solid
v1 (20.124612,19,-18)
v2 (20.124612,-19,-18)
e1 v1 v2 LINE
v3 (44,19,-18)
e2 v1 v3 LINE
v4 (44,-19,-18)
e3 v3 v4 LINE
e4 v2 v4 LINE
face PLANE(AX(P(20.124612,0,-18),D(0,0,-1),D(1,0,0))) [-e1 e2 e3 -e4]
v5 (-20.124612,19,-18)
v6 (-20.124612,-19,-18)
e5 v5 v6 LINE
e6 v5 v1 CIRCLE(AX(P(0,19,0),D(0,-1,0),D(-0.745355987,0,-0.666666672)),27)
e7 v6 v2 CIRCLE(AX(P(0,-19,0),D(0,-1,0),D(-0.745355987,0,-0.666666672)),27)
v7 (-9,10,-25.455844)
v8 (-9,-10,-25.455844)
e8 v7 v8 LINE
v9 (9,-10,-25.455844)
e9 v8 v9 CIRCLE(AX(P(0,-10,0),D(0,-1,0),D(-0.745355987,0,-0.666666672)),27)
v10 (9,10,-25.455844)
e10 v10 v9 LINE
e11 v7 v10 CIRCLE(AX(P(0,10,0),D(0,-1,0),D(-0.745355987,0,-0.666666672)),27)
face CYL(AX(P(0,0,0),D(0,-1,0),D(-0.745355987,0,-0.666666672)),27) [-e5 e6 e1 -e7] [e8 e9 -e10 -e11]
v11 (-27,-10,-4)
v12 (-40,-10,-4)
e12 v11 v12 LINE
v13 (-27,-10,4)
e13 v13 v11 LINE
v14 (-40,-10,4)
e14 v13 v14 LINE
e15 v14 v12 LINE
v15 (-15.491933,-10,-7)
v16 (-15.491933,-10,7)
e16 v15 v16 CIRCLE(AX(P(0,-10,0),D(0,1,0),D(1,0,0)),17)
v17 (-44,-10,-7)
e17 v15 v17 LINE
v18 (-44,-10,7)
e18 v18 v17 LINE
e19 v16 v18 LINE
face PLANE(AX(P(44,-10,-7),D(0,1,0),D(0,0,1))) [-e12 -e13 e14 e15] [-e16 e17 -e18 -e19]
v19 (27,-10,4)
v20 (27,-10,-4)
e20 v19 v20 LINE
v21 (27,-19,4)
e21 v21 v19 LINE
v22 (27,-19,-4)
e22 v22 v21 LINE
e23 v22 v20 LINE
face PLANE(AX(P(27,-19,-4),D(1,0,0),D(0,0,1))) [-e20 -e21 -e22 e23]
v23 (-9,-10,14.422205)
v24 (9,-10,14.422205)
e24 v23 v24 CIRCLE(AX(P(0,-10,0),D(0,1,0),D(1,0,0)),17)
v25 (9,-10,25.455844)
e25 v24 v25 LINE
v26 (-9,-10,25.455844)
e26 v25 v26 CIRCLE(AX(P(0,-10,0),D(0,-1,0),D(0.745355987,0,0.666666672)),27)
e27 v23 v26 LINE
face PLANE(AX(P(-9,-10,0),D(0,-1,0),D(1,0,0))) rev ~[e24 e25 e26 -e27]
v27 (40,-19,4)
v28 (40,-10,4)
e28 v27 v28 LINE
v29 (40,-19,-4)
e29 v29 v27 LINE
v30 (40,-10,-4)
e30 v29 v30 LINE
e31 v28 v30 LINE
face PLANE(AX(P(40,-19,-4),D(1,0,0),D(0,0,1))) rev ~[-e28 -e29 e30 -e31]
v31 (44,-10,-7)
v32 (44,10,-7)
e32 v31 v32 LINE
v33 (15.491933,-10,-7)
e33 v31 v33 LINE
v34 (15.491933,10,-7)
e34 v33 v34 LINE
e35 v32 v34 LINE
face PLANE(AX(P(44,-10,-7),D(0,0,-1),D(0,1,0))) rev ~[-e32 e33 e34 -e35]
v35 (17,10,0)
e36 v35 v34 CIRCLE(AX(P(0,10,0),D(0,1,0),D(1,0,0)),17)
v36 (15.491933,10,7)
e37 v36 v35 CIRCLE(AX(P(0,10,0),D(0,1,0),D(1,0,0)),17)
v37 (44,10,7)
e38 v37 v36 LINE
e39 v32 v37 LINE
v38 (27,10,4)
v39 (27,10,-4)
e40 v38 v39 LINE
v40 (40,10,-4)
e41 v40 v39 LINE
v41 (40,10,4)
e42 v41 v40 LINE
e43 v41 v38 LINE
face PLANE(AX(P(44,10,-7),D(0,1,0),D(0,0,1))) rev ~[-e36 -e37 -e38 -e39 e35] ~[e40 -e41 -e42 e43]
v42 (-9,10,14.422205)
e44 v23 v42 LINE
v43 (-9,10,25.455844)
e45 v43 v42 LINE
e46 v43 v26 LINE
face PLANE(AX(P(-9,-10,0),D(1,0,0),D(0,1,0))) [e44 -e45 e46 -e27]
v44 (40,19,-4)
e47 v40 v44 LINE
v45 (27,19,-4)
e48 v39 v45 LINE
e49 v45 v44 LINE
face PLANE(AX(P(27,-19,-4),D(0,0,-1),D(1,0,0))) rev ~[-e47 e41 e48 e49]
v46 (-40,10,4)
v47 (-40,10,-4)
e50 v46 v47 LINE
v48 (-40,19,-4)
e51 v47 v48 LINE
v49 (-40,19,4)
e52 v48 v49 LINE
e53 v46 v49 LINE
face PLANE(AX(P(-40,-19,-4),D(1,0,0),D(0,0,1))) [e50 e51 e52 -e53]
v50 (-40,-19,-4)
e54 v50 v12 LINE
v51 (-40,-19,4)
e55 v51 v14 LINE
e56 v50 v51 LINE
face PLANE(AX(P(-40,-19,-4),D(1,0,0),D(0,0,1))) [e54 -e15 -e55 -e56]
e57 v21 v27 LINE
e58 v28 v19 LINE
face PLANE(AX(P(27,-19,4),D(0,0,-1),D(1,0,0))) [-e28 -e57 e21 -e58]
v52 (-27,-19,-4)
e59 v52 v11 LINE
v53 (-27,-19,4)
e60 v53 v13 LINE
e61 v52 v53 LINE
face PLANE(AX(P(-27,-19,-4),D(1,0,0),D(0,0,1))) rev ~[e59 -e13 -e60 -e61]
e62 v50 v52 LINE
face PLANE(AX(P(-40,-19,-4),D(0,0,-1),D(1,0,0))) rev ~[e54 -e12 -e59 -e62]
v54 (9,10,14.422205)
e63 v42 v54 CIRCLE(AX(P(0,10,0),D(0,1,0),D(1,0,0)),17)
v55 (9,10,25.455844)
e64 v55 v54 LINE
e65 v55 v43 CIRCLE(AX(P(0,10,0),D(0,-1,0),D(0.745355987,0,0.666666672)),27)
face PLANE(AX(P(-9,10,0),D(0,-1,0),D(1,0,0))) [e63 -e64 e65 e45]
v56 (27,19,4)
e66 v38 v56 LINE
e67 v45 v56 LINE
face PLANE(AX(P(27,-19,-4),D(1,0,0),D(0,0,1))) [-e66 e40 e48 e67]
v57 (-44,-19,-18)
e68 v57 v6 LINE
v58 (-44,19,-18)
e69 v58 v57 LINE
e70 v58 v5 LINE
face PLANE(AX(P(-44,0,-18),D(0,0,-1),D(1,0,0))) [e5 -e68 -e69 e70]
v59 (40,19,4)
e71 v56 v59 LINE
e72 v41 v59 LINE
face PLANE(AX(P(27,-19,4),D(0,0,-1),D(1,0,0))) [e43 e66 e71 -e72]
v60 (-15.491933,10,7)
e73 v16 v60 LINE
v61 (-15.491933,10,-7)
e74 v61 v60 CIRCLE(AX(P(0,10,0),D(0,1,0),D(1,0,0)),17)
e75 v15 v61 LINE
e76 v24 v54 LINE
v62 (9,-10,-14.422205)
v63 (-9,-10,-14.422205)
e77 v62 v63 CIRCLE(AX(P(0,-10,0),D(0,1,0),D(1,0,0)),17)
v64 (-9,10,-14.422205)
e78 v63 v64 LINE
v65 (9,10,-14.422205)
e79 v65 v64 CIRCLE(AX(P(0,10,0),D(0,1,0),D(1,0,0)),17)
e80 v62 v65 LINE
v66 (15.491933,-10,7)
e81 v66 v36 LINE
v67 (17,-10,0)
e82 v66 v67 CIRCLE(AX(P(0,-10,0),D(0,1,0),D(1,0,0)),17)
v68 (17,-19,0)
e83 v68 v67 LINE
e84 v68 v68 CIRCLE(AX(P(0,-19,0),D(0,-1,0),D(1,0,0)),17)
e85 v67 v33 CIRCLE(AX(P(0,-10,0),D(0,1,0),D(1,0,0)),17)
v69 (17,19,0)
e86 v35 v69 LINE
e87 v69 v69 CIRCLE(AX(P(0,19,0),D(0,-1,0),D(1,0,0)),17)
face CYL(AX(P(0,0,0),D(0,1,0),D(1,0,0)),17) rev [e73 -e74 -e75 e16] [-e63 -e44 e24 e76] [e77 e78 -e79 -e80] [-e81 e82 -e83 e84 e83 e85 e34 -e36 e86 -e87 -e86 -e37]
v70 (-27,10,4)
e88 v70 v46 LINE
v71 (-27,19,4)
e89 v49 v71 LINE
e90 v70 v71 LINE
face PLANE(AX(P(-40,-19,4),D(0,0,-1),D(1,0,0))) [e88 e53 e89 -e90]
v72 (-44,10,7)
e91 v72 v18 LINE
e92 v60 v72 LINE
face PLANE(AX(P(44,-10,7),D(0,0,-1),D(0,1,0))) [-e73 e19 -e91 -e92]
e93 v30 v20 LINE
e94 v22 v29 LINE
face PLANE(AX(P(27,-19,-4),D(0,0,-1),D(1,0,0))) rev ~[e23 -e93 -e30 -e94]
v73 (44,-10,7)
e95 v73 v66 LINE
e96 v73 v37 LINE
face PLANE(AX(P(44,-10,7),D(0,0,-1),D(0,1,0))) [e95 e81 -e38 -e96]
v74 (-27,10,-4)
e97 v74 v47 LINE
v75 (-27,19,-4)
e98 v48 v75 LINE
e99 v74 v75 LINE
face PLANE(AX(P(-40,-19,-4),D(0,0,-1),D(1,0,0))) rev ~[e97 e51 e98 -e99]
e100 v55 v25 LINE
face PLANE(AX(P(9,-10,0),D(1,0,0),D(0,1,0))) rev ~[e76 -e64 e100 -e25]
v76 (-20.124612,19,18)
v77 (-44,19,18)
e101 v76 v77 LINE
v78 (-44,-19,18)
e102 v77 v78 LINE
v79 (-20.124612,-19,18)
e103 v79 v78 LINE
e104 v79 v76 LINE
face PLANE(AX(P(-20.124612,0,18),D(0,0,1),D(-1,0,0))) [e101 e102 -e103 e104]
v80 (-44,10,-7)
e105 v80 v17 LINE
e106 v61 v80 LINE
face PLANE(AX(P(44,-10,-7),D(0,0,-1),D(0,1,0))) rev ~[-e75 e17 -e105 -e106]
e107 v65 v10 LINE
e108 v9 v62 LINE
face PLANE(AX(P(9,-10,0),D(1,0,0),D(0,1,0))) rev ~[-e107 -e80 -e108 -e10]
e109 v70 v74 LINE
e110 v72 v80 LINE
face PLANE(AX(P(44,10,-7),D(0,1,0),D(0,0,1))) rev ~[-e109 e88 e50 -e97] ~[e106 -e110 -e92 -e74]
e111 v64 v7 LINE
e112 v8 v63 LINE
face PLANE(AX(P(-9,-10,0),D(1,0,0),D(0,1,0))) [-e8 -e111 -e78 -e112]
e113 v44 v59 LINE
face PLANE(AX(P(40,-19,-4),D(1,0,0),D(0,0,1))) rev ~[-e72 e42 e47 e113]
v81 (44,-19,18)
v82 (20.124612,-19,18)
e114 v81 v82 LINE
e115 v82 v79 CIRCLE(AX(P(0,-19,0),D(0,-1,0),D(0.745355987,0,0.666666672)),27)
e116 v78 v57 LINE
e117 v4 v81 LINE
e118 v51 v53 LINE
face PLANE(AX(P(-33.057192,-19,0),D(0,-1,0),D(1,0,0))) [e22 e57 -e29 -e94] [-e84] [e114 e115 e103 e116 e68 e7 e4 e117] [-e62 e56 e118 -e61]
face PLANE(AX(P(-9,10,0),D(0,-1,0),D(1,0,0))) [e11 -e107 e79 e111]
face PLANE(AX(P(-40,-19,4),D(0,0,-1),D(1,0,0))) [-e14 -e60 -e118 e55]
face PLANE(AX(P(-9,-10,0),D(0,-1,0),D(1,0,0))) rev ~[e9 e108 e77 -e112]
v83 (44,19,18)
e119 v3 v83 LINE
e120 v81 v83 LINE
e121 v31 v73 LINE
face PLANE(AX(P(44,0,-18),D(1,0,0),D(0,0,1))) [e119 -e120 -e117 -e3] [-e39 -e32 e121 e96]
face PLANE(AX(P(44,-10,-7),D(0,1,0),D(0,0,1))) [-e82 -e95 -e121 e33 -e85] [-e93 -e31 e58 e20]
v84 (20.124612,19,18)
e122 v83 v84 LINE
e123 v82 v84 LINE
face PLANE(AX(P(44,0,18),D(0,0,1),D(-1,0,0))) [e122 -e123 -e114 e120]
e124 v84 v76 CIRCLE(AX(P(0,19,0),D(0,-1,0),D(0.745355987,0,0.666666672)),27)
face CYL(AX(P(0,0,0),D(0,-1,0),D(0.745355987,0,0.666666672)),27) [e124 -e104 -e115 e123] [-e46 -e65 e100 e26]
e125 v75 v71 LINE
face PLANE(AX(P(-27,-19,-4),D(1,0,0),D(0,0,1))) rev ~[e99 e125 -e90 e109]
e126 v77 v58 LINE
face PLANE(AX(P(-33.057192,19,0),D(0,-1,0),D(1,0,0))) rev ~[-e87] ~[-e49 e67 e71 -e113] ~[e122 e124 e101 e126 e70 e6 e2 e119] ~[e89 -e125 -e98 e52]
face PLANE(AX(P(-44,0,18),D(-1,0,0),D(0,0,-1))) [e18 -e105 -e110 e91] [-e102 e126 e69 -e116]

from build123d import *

# Parameters (mm, degrees)
F0_R     = 17
F1_DEPTH = 19
F2_W     = 20
F2_H     = 14
F3_DEPTH = 88.001
F4_W     = 13
F4_H     = 8
F5_DEPTH = 38.001
F6_W     = 18
F6_H     = 20
F7_DEPTH = 50


with BuildPart() as f1:
    # F0 (on Front) → F1 (new body, symmetric)
    with BuildSketch(Plane.XZ):
        with BuildLine():
            ThreePointArc((-20.124612, -18), (-27, 0), (-20.124612, 18))
            Line((-20.124612, 18), (-44, 18))
            Line((-44, 18), (-44, -18))
            Line((-44, -18), (-20.124612, -18))
        make_face()
        with BuildLine():
            Line((-20.124612, -18), (-20.124612, 18))
            ThreePointArc((-20.124612, 18), (-27, 0), (-20.124612, -18))
        make_face()
        with BuildLine():
            Line((20.124612, -18), (20.124612, 18))
            ThreePointArc((20.124612, 18), (0, 27), (-20.124612, 18))
            Line((-20.124612, 18), (-20.124612, -18))
            ThreePointArc((-20.124612, -18), (0, -27), (20.124612, -18))
        make_face()
        Circle(F0_R, mode=Mode.SUBTRACT)
        with BuildLine():
            ThreePointArc((20.124612, -18), (25.222654, -9.634196), (27, 0))
            ThreePointArc((27, 0), (25.222654, 9.634196), (20.124612, 18))
            Line((20.124612, 18), (20.124612, -18))
        make_face()
        with BuildLine():
            ThreePointArc((20.124612, 18), (25.222654, 9.634196), (27, 0))
            ThreePointArc((27, 0), (25.222654, -9.634196), (20.124612, -18))
            Line((20.124612, -18), (44, -18))
            Line((44, -18), (44, 18))
            Line((44, 18), (20.124612, 18))
        make_face()
    extrude(amount=F1_DEPTH, both=True)

    # F2 (on face) → F3 (cut, through all)
    with BuildSketch(Plane.YZ.offset(44)):
        Rectangle(F2_W, F2_H)
    extrude(amount=-F3_DEPTH, mode=Mode.SUBTRACT)

    # F4 (on face) → F5 (cut, through all)
    with BuildSketch(Plane.XZ.offset(19)):
        with Locations((-33.5, 0)):
            Rectangle(F4_W, F4_H)
        with Locations((33.5, 0)):
            Rectangle(F4_W, F4_H)
    extrude(amount=-F5_DEPTH, mode=Mode.SUBTRACT)

    # F6 (on Top) → F7 (cut, symmetric)
    with BuildSketch(Plane.XY):
        Rectangle(F6_W, F6_H)
    extrude(amount=F7_DEPTH, both=True, mode=Mode.SUBTRACT)


solid = f1.part
